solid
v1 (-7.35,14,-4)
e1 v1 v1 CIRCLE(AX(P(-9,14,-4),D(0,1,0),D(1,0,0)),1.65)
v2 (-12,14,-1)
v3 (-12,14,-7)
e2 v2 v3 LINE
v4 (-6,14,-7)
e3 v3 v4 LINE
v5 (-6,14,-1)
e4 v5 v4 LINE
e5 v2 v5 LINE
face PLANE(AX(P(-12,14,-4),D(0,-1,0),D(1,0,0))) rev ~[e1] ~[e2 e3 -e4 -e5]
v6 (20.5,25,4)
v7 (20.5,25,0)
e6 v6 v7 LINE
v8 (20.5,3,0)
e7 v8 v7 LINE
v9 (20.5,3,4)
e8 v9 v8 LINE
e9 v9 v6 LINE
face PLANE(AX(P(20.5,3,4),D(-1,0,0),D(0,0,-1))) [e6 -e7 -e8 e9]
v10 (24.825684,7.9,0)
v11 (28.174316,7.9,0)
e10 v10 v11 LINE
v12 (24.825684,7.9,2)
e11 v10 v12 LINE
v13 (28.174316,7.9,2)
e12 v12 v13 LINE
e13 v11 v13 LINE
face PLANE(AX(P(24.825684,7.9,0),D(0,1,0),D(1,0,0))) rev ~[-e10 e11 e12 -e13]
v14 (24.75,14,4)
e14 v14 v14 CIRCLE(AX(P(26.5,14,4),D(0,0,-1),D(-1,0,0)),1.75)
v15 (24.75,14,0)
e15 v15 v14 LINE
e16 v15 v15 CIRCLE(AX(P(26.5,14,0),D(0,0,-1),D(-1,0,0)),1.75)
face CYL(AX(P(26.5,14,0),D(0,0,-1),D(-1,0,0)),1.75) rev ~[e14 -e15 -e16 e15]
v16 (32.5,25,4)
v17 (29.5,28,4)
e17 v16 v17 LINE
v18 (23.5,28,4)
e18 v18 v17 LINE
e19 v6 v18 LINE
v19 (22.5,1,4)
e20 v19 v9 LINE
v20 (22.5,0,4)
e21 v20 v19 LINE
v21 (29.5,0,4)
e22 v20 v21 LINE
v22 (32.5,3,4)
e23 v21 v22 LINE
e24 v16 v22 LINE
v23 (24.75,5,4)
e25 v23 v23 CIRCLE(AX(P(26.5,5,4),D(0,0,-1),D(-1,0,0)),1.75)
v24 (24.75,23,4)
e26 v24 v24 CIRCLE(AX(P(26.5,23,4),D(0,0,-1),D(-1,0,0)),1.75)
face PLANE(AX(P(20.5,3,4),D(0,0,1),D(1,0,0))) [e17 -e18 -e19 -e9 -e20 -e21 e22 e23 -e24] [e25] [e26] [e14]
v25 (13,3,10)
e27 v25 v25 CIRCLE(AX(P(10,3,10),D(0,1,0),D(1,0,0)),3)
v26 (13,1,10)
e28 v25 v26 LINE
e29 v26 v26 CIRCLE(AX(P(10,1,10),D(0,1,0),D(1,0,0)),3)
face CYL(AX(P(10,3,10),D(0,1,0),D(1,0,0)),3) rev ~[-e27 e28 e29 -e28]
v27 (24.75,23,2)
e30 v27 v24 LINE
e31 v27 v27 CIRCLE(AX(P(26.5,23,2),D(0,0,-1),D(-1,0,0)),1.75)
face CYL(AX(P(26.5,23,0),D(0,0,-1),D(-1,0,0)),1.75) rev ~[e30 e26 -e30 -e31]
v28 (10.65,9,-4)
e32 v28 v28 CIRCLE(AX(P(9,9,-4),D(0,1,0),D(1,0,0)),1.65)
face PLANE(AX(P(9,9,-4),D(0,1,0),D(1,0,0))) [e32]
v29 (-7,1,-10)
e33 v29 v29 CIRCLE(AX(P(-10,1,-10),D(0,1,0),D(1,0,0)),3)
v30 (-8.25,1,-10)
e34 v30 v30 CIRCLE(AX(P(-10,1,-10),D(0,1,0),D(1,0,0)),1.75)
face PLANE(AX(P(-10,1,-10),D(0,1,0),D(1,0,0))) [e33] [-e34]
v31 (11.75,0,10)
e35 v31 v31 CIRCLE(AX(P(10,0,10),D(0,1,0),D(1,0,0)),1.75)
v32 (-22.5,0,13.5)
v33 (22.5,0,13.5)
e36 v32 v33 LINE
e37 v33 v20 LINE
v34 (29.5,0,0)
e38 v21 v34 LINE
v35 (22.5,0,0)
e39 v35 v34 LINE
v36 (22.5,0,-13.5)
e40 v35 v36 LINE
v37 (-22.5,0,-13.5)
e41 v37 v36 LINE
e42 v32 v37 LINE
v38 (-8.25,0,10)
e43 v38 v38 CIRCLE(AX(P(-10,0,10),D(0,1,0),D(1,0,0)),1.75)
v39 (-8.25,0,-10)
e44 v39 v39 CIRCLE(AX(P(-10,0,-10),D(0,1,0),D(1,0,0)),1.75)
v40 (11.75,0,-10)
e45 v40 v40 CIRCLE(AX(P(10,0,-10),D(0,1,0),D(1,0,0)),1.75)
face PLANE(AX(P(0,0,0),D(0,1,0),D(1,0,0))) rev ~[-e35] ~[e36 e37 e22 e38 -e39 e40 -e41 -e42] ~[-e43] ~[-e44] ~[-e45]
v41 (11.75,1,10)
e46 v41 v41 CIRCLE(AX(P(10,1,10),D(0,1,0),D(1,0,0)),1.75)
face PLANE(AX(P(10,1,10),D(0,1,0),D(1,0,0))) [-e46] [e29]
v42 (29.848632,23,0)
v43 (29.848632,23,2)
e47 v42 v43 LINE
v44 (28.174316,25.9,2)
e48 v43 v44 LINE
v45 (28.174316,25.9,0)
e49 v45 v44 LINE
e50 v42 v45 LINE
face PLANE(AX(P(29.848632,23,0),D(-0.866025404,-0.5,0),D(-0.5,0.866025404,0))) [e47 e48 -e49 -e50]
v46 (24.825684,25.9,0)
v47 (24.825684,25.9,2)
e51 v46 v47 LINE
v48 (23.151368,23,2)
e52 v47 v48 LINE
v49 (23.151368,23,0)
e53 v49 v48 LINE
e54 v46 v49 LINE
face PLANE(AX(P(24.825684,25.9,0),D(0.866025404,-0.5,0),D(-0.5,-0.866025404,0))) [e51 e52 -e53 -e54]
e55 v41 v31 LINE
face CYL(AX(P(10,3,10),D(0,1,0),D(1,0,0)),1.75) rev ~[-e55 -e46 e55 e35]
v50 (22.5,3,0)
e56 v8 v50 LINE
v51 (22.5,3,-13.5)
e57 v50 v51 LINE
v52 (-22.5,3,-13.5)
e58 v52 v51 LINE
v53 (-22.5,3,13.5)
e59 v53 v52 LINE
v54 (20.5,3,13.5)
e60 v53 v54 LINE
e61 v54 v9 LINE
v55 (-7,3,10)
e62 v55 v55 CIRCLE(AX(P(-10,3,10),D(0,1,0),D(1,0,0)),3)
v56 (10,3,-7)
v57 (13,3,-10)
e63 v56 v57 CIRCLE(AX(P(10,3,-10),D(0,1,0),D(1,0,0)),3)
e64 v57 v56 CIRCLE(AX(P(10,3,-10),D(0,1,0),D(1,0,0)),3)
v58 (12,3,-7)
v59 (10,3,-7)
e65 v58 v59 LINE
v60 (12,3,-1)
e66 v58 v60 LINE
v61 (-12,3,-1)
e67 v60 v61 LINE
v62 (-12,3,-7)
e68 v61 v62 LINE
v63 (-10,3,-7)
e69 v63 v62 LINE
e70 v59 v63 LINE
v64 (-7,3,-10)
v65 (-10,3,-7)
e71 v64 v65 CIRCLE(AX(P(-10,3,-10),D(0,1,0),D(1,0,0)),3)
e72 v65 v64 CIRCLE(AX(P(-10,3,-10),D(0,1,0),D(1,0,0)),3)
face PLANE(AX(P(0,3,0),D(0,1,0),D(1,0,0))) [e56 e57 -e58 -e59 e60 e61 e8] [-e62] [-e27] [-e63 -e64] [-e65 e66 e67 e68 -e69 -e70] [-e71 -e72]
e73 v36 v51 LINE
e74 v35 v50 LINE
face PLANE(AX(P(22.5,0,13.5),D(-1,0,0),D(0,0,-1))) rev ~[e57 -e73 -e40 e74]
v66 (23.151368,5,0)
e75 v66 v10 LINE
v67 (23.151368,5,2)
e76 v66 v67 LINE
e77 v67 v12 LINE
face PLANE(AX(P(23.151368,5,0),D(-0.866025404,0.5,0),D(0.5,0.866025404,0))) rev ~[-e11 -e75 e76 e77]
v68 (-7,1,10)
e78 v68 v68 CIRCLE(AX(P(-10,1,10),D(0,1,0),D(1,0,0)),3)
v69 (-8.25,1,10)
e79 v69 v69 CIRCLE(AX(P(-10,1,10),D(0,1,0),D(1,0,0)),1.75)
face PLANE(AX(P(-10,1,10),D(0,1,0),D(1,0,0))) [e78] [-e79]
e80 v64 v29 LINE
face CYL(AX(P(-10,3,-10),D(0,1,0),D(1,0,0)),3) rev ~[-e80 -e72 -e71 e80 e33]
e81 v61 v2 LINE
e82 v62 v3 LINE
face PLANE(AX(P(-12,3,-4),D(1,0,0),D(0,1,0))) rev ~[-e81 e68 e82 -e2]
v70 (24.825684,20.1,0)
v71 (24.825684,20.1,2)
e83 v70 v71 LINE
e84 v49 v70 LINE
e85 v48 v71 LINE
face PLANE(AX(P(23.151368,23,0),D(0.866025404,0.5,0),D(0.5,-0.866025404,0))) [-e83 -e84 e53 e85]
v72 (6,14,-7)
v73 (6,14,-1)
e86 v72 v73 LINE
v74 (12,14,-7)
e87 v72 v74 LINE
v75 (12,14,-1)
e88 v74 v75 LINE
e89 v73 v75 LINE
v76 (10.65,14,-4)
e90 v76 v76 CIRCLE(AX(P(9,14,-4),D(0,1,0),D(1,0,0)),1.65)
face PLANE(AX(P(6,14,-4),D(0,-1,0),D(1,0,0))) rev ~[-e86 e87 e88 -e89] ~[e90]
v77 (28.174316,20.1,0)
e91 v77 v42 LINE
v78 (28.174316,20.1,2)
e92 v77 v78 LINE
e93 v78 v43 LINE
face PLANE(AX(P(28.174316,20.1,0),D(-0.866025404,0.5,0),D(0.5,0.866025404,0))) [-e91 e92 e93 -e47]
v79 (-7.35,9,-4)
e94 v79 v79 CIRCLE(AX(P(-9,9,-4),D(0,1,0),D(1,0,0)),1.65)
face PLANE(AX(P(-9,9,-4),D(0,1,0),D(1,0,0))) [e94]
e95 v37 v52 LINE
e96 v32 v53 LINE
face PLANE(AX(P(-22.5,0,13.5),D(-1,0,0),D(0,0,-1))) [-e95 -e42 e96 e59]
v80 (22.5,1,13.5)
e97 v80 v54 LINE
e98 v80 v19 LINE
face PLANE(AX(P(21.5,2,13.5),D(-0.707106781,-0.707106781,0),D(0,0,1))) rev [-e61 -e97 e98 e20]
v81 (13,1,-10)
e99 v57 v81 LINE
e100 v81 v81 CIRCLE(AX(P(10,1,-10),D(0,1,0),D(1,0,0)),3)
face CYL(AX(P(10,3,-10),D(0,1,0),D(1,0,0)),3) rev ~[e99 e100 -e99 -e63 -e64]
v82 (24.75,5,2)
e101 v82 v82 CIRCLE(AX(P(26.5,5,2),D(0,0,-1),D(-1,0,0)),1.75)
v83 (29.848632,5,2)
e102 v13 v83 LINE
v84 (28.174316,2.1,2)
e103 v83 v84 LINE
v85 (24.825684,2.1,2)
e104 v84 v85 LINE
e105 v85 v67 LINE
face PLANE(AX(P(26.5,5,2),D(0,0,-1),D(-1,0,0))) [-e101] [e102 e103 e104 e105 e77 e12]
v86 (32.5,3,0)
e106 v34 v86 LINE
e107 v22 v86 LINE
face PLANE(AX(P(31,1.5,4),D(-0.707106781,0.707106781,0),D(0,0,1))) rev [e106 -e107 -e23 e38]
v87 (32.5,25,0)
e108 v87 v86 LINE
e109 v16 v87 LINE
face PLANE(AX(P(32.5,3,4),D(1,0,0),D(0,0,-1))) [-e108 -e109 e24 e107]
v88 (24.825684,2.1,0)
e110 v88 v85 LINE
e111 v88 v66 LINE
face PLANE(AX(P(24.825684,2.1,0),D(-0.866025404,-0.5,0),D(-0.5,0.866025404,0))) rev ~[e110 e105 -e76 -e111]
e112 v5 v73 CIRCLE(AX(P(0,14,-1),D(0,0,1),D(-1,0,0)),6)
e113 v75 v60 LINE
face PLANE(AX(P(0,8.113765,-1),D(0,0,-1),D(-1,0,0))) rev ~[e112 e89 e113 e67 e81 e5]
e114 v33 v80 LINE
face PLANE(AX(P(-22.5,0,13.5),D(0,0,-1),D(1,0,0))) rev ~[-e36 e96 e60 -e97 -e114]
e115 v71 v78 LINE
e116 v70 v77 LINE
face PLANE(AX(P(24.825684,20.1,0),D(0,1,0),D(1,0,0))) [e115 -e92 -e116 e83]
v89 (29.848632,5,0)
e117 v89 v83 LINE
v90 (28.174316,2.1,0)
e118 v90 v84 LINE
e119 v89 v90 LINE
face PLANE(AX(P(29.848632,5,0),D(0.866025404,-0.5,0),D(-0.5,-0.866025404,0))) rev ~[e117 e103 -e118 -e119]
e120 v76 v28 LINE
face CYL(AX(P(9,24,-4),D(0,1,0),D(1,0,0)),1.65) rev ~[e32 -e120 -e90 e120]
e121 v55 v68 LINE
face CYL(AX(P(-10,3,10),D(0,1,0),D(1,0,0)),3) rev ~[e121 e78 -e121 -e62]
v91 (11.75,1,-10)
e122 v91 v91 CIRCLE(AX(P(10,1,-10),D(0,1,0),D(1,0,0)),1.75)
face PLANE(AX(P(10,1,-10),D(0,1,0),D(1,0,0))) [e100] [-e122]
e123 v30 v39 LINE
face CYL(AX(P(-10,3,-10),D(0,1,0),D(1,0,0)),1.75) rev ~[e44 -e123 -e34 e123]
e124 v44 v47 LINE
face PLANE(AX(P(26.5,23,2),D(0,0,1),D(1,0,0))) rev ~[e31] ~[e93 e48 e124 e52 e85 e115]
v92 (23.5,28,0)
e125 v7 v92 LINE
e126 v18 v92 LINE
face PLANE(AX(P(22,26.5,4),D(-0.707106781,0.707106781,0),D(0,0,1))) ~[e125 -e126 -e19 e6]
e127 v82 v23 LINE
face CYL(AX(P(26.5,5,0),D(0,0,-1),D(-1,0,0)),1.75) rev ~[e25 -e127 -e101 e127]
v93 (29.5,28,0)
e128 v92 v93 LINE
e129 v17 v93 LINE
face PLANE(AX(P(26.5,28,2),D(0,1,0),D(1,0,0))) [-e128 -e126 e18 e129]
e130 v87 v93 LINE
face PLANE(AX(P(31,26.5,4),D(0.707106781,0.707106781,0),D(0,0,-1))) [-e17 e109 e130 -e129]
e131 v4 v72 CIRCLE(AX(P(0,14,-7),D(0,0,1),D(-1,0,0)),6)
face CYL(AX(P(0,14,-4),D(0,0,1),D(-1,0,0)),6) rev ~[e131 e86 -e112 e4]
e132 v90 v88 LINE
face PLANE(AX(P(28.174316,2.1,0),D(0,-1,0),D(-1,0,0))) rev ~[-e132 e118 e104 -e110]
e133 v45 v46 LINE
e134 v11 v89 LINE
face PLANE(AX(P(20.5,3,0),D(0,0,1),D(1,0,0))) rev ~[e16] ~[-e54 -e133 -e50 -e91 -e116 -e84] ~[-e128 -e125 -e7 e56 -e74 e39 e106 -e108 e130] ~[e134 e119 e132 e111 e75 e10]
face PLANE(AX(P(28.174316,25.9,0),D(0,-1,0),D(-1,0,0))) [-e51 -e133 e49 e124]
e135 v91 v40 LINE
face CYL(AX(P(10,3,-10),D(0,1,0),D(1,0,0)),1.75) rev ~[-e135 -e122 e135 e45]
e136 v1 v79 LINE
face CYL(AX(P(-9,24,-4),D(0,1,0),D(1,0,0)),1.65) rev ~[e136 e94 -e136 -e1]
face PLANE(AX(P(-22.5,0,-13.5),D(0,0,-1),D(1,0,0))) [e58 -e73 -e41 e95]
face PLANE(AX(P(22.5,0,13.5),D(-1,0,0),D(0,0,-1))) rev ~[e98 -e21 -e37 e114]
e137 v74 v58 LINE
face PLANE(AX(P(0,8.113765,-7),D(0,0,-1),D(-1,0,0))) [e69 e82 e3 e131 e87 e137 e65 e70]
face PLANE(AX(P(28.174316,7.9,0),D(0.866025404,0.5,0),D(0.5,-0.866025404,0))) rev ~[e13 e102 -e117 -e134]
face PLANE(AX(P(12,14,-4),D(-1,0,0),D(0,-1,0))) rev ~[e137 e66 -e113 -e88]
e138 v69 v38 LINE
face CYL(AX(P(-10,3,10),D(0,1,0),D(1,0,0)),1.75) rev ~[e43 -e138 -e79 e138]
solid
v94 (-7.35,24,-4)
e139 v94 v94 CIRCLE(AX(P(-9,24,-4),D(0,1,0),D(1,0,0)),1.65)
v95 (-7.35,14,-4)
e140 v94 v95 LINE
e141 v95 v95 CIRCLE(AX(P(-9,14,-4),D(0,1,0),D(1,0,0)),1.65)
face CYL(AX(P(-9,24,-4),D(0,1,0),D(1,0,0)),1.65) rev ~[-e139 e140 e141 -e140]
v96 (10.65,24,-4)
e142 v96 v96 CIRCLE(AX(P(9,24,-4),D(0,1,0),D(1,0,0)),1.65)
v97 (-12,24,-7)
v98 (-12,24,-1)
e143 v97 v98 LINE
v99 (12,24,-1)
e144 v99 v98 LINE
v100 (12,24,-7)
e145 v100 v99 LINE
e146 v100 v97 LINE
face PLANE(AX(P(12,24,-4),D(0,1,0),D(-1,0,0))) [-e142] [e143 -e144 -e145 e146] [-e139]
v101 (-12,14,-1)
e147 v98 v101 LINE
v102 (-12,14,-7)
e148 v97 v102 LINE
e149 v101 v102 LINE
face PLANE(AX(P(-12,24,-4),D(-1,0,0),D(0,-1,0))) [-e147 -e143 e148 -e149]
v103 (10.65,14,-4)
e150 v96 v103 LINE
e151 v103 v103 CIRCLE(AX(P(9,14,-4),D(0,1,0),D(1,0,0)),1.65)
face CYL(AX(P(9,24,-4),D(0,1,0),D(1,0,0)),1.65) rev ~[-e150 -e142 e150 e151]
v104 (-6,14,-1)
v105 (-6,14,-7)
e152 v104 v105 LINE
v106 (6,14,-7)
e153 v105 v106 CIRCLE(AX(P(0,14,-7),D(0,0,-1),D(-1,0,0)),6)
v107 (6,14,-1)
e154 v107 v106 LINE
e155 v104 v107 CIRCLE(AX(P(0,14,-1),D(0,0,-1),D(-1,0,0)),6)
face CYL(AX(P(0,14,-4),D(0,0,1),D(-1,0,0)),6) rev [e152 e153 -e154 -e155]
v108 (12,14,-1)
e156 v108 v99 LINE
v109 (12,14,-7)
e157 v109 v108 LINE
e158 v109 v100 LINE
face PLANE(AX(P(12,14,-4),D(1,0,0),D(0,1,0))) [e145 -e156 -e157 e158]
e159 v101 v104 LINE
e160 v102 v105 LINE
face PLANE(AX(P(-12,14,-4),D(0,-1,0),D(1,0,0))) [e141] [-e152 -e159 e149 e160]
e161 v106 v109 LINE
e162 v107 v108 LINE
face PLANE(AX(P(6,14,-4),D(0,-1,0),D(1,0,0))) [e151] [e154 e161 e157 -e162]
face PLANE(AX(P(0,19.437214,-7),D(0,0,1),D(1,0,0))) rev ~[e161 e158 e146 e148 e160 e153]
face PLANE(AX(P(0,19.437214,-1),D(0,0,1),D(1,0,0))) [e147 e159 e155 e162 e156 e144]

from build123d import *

# Parameters (mm, degrees)
SKETCH1_W                = 45
SKETCH1_H                = 27
BOSS_EXTRUDE1_DEPTH      = 3
CUT_EXTRUDE1_REACH       = 5
SKETCH2_R                = 1.75
SKETCH3_R                = 3
CUT_EXTRUDE2_DEPTH       = 2
BOSS_EXTRUDE2_DEPTH      = 3
BOSS_EXTRUDE3_DEPTH      = 3
SKETCH7_R                = 1.65
CUT_EXTRUDE3_DEPTH       = 15
SKETCH8_W                = 12
SKETCH8_H                = 4
BOSS_EXTRUDE4_DEPTH      = 25
BOSS_EXTRUDE4_DEPTH_BACK = 3
SKETCH9_R                = 1.75
CUT_EXTRUDE4_DEPTH       = 4
CUT_EXTRUDE5_DEPTH       = 2
CHAMFER1_SIZE            = 2
CHAMFER2_SIZE            = 3


with BuildPart() as part:
    # Sketch1 → Boss-Extrude1 (new body)
    with BuildSketch(Plane(origin=(0, 0, 0), x_dir=(1, 0, 0), z_dir=(0, 1, 0))):
        Rectangle(SKETCH1_W, SKETCH1_H)
    extrude(amount=BOSS_EXTRUDE1_DEPTH)

    # Sketch2 → Cut-Extrude1 (cut, up to next)
    with BuildSketch(Plane(origin=(0, 3, 0), x_dir=(1, 0, 0), z_dir=(0, 1, 0)), mode=Mode.PRIVATE) as cut_extrude1_sk1:
        with Locations((-10, 10)):
            Circle(SKETCH2_R)
    cut_extrude1_tool1 = extrude(cut_extrude1_sk1.sketch, amount=-CUT_EXTRUDE1_REACH, mode=Mode.PRIVATE) & part.part
    add(cut_extrude1_tool1.solids().sort_by_distance((-10, 3, -10))[0], mode=Mode.SUBTRACT)
    # Sketch2 → Cut-Extrude1 (cut, up to next)
    with BuildSketch(Plane(origin=(0, 3, 0), x_dir=(1, 0, 0), z_dir=(0, 1, 0)), mode=Mode.PRIVATE) as cut_extrude1_sk2:
        with Locations((10, 10)):
            Circle(SKETCH2_R)
    cut_extrude1_tool2 = extrude(cut_extrude1_sk2.sketch, amount=-CUT_EXTRUDE1_REACH, mode=Mode.PRIVATE) & part.part
    add(cut_extrude1_tool2.solids().sort_by_distance((10, 3, -10))[0], mode=Mode.SUBTRACT)
    # Sketch2 → Cut-Extrude1 (cut, up to next)
    with BuildSketch(Plane(origin=(0, 3, 0), x_dir=(1, 0, 0), z_dir=(0, 1, 0)), mode=Mode.PRIVATE) as cut_extrude1_sk3:
        with Locations((10, -10)):
            Circle(SKETCH2_R)
    cut_extrude1_tool3 = extrude(cut_extrude1_sk3.sketch, amount=-CUT_EXTRUDE1_REACH, mode=Mode.PRIVATE) & part.part
    add(cut_extrude1_tool3.solids().sort_by_distance((10, 3, 10))[0], mode=Mode.SUBTRACT)
    # Sketch2 → Cut-Extrude1 (cut, up to next)
    with BuildSketch(Plane(origin=(0, 3, 0), x_dir=(1, 0, 0), z_dir=(0, 1, 0)), mode=Mode.PRIVATE) as cut_extrude1_sk4:
        with Locations((-10, -10)):
            Circle(SKETCH2_R)
    cut_extrude1_tool4 = extrude(cut_extrude1_sk4.sketch, amount=-CUT_EXTRUDE1_REACH, mode=Mode.PRIVATE) & part.part
    add(cut_extrude1_tool4.solids().sort_by_distance((-10, 3, 10))[0], mode=Mode.SUBTRACT)

    # Sketch3 → Cut-Extrude2 (cut)
    with BuildSketch(Plane(origin=(0, 3, 0), x_dir=(1, 0, 0), z_dir=(0, 1, 0))):
        with Locations((-10, 10)):
            Circle(SKETCH3_R)
        with Locations((10, 10)):
            Circle(SKETCH3_R)
        with Locations((10, -10)):
            Circle(SKETCH3_R)
        with Locations((-10, -10)):
            Circle(SKETCH3_R)
    extrude(amount=-CUT_EXTRUDE2_DEPTH, mode=Mode.SUBTRACT)

    # Sketch5 → Boss-Extrude2 (add, symmetric)
    with BuildSketch(Plane.XY.offset(-4)):
        with BuildLine():
            Line((12, 3), (-12, 3))
            Line((-12, 3), (-12, 14))
            Line((-12, 14), (-6, 14))
            ThreePointArc((-6, 14), (0, 8), (6, 14))
            Line((6, 14), (12, 14))
            Line((12, 14), (12, 3))
        make_face()
    extrude(amount=BOSS_EXTRUDE2_DEPTH, both=True)


with BuildPart() as body_2:
    # Sketch6 → Boss-Extrude3 (new body, symmetric)
    with BuildSketch(Plane.XY.offset(-4)):
        with BuildLine():
            Line((6, 14), (12, 14))
            Line((12, 14), (12, 24))
            Line((12, 24), (-12, 24))
            Line((-12, 24), (-12, 14))
            Line((-12, 14), (-6, 14))
            ThreePointArc((-6, 14), (0, 20), (6, 14))
        make_face()
    extrude(amount=BOSS_EXTRUDE3_DEPTH, both=True)


with BuildPart() as cut_extrude3_tool:
    # Sketch7 → Cut-Extrude3 (new body)
    with BuildSketch(Plane(origin=(0, 24, 0), x_dir=(1, 0, 0), z_dir=(0, 1, 0))):
        with Locations((-9, 4)):
            Circle(SKETCH7_R)
        with Locations((9, 4)):
            Circle(SKETCH7_R)
    extrude(amount=-CUT_EXTRUDE3_DEPTH)


with BuildPart() as part_1:
    add(part.part)

    # Cut-Extrude3: cut by cut_extrude3_tool
    add(cut_extrude3_tool.part, mode=Mode.SUBTRACT)

    # Sketch8 → Boss-Extrude4 (add, two sides)
    with BuildSketch(Plane(origin=(0, 3, 0), x_dir=(1, 0, 0), z_dir=(0, 1, 0))) as boss_extrude4_sk:
        with Locations((26.5, -2)):
            Rectangle(SKETCH8_W, SKETCH8_H)
    extrude(amount=BOSS_EXTRUDE4_DEPTH)
    extrude(boss_extrude4_sk.sketch, amount=-BOSS_EXTRUDE4_DEPTH_BACK)

    # Sketch9 → Cut-Extrude4 (cut)
    with BuildSketch(Plane(origin=(0, 0, 0), x_dir=(-1, 0, 0), z_dir=(0, 0, -1))):
        with Locations((-26.5, 5)):
            Circle(SKETCH9_R)
        with Locations((-26.5, 14)):
            Circle(SKETCH9_R)
        with Locations((-26.5, 23)):
            Circle(SKETCH9_R)
    extrude(amount=-CUT_EXTRUDE4_DEPTH, mode=Mode.SUBTRACT)

    # Sketch10 → Cut-Extrude5 (cut)
    with BuildSketch(Plane(origin=(0, 0, 0), x_dir=(-1, 0, 0), z_dir=(0, 0, -1))):
        Polygon((-29.848631561, 5), (-28.174315781, 2.1), (-24.825684219, 2.1), (-23.151368439, 5), (-24.825684219, 7.9), (-28.174315781, 7.9), align=None)
        Polygon((-28.174315781, 20.1), (-29.848631561, 23), (-28.174315781, 25.9), (-24.825684219, 25.9), (-23.151368439, 23), (-24.825684219, 20.1), align=None)
    extrude(amount=-CUT_EXTRUDE5_DEPTH, mode=Mode.SUBTRACT)

    # Chamfer1
    chamfer1_edges = [part_1.edges().sort_by_distance(p)[0] for p in [
        (22.5, 3, 8.75),
    ]]
    chamfer(chamfer1_edges, length=CHAMFER1_SIZE)

    # Chamfer2
    chamfer2_edges = [part_1.edges().sort_by_distance(p)[0] for p in [
        (32.5, 0, 2),
        (20.5, 28, 2),
        (32.5, 28, 2),
    ]]
    chamfer(chamfer2_edges, length=CHAMFER2_SIZE)


with BuildPart() as body_2_1:
    add(body_2.part)

    # Cut-Extrude3: cut by cut_extrude3_tool
    add(cut_extrude3_tool.part, mode=Mode.SUBTRACT)


solid = Compound([part_1.part, body_2_1.part])
